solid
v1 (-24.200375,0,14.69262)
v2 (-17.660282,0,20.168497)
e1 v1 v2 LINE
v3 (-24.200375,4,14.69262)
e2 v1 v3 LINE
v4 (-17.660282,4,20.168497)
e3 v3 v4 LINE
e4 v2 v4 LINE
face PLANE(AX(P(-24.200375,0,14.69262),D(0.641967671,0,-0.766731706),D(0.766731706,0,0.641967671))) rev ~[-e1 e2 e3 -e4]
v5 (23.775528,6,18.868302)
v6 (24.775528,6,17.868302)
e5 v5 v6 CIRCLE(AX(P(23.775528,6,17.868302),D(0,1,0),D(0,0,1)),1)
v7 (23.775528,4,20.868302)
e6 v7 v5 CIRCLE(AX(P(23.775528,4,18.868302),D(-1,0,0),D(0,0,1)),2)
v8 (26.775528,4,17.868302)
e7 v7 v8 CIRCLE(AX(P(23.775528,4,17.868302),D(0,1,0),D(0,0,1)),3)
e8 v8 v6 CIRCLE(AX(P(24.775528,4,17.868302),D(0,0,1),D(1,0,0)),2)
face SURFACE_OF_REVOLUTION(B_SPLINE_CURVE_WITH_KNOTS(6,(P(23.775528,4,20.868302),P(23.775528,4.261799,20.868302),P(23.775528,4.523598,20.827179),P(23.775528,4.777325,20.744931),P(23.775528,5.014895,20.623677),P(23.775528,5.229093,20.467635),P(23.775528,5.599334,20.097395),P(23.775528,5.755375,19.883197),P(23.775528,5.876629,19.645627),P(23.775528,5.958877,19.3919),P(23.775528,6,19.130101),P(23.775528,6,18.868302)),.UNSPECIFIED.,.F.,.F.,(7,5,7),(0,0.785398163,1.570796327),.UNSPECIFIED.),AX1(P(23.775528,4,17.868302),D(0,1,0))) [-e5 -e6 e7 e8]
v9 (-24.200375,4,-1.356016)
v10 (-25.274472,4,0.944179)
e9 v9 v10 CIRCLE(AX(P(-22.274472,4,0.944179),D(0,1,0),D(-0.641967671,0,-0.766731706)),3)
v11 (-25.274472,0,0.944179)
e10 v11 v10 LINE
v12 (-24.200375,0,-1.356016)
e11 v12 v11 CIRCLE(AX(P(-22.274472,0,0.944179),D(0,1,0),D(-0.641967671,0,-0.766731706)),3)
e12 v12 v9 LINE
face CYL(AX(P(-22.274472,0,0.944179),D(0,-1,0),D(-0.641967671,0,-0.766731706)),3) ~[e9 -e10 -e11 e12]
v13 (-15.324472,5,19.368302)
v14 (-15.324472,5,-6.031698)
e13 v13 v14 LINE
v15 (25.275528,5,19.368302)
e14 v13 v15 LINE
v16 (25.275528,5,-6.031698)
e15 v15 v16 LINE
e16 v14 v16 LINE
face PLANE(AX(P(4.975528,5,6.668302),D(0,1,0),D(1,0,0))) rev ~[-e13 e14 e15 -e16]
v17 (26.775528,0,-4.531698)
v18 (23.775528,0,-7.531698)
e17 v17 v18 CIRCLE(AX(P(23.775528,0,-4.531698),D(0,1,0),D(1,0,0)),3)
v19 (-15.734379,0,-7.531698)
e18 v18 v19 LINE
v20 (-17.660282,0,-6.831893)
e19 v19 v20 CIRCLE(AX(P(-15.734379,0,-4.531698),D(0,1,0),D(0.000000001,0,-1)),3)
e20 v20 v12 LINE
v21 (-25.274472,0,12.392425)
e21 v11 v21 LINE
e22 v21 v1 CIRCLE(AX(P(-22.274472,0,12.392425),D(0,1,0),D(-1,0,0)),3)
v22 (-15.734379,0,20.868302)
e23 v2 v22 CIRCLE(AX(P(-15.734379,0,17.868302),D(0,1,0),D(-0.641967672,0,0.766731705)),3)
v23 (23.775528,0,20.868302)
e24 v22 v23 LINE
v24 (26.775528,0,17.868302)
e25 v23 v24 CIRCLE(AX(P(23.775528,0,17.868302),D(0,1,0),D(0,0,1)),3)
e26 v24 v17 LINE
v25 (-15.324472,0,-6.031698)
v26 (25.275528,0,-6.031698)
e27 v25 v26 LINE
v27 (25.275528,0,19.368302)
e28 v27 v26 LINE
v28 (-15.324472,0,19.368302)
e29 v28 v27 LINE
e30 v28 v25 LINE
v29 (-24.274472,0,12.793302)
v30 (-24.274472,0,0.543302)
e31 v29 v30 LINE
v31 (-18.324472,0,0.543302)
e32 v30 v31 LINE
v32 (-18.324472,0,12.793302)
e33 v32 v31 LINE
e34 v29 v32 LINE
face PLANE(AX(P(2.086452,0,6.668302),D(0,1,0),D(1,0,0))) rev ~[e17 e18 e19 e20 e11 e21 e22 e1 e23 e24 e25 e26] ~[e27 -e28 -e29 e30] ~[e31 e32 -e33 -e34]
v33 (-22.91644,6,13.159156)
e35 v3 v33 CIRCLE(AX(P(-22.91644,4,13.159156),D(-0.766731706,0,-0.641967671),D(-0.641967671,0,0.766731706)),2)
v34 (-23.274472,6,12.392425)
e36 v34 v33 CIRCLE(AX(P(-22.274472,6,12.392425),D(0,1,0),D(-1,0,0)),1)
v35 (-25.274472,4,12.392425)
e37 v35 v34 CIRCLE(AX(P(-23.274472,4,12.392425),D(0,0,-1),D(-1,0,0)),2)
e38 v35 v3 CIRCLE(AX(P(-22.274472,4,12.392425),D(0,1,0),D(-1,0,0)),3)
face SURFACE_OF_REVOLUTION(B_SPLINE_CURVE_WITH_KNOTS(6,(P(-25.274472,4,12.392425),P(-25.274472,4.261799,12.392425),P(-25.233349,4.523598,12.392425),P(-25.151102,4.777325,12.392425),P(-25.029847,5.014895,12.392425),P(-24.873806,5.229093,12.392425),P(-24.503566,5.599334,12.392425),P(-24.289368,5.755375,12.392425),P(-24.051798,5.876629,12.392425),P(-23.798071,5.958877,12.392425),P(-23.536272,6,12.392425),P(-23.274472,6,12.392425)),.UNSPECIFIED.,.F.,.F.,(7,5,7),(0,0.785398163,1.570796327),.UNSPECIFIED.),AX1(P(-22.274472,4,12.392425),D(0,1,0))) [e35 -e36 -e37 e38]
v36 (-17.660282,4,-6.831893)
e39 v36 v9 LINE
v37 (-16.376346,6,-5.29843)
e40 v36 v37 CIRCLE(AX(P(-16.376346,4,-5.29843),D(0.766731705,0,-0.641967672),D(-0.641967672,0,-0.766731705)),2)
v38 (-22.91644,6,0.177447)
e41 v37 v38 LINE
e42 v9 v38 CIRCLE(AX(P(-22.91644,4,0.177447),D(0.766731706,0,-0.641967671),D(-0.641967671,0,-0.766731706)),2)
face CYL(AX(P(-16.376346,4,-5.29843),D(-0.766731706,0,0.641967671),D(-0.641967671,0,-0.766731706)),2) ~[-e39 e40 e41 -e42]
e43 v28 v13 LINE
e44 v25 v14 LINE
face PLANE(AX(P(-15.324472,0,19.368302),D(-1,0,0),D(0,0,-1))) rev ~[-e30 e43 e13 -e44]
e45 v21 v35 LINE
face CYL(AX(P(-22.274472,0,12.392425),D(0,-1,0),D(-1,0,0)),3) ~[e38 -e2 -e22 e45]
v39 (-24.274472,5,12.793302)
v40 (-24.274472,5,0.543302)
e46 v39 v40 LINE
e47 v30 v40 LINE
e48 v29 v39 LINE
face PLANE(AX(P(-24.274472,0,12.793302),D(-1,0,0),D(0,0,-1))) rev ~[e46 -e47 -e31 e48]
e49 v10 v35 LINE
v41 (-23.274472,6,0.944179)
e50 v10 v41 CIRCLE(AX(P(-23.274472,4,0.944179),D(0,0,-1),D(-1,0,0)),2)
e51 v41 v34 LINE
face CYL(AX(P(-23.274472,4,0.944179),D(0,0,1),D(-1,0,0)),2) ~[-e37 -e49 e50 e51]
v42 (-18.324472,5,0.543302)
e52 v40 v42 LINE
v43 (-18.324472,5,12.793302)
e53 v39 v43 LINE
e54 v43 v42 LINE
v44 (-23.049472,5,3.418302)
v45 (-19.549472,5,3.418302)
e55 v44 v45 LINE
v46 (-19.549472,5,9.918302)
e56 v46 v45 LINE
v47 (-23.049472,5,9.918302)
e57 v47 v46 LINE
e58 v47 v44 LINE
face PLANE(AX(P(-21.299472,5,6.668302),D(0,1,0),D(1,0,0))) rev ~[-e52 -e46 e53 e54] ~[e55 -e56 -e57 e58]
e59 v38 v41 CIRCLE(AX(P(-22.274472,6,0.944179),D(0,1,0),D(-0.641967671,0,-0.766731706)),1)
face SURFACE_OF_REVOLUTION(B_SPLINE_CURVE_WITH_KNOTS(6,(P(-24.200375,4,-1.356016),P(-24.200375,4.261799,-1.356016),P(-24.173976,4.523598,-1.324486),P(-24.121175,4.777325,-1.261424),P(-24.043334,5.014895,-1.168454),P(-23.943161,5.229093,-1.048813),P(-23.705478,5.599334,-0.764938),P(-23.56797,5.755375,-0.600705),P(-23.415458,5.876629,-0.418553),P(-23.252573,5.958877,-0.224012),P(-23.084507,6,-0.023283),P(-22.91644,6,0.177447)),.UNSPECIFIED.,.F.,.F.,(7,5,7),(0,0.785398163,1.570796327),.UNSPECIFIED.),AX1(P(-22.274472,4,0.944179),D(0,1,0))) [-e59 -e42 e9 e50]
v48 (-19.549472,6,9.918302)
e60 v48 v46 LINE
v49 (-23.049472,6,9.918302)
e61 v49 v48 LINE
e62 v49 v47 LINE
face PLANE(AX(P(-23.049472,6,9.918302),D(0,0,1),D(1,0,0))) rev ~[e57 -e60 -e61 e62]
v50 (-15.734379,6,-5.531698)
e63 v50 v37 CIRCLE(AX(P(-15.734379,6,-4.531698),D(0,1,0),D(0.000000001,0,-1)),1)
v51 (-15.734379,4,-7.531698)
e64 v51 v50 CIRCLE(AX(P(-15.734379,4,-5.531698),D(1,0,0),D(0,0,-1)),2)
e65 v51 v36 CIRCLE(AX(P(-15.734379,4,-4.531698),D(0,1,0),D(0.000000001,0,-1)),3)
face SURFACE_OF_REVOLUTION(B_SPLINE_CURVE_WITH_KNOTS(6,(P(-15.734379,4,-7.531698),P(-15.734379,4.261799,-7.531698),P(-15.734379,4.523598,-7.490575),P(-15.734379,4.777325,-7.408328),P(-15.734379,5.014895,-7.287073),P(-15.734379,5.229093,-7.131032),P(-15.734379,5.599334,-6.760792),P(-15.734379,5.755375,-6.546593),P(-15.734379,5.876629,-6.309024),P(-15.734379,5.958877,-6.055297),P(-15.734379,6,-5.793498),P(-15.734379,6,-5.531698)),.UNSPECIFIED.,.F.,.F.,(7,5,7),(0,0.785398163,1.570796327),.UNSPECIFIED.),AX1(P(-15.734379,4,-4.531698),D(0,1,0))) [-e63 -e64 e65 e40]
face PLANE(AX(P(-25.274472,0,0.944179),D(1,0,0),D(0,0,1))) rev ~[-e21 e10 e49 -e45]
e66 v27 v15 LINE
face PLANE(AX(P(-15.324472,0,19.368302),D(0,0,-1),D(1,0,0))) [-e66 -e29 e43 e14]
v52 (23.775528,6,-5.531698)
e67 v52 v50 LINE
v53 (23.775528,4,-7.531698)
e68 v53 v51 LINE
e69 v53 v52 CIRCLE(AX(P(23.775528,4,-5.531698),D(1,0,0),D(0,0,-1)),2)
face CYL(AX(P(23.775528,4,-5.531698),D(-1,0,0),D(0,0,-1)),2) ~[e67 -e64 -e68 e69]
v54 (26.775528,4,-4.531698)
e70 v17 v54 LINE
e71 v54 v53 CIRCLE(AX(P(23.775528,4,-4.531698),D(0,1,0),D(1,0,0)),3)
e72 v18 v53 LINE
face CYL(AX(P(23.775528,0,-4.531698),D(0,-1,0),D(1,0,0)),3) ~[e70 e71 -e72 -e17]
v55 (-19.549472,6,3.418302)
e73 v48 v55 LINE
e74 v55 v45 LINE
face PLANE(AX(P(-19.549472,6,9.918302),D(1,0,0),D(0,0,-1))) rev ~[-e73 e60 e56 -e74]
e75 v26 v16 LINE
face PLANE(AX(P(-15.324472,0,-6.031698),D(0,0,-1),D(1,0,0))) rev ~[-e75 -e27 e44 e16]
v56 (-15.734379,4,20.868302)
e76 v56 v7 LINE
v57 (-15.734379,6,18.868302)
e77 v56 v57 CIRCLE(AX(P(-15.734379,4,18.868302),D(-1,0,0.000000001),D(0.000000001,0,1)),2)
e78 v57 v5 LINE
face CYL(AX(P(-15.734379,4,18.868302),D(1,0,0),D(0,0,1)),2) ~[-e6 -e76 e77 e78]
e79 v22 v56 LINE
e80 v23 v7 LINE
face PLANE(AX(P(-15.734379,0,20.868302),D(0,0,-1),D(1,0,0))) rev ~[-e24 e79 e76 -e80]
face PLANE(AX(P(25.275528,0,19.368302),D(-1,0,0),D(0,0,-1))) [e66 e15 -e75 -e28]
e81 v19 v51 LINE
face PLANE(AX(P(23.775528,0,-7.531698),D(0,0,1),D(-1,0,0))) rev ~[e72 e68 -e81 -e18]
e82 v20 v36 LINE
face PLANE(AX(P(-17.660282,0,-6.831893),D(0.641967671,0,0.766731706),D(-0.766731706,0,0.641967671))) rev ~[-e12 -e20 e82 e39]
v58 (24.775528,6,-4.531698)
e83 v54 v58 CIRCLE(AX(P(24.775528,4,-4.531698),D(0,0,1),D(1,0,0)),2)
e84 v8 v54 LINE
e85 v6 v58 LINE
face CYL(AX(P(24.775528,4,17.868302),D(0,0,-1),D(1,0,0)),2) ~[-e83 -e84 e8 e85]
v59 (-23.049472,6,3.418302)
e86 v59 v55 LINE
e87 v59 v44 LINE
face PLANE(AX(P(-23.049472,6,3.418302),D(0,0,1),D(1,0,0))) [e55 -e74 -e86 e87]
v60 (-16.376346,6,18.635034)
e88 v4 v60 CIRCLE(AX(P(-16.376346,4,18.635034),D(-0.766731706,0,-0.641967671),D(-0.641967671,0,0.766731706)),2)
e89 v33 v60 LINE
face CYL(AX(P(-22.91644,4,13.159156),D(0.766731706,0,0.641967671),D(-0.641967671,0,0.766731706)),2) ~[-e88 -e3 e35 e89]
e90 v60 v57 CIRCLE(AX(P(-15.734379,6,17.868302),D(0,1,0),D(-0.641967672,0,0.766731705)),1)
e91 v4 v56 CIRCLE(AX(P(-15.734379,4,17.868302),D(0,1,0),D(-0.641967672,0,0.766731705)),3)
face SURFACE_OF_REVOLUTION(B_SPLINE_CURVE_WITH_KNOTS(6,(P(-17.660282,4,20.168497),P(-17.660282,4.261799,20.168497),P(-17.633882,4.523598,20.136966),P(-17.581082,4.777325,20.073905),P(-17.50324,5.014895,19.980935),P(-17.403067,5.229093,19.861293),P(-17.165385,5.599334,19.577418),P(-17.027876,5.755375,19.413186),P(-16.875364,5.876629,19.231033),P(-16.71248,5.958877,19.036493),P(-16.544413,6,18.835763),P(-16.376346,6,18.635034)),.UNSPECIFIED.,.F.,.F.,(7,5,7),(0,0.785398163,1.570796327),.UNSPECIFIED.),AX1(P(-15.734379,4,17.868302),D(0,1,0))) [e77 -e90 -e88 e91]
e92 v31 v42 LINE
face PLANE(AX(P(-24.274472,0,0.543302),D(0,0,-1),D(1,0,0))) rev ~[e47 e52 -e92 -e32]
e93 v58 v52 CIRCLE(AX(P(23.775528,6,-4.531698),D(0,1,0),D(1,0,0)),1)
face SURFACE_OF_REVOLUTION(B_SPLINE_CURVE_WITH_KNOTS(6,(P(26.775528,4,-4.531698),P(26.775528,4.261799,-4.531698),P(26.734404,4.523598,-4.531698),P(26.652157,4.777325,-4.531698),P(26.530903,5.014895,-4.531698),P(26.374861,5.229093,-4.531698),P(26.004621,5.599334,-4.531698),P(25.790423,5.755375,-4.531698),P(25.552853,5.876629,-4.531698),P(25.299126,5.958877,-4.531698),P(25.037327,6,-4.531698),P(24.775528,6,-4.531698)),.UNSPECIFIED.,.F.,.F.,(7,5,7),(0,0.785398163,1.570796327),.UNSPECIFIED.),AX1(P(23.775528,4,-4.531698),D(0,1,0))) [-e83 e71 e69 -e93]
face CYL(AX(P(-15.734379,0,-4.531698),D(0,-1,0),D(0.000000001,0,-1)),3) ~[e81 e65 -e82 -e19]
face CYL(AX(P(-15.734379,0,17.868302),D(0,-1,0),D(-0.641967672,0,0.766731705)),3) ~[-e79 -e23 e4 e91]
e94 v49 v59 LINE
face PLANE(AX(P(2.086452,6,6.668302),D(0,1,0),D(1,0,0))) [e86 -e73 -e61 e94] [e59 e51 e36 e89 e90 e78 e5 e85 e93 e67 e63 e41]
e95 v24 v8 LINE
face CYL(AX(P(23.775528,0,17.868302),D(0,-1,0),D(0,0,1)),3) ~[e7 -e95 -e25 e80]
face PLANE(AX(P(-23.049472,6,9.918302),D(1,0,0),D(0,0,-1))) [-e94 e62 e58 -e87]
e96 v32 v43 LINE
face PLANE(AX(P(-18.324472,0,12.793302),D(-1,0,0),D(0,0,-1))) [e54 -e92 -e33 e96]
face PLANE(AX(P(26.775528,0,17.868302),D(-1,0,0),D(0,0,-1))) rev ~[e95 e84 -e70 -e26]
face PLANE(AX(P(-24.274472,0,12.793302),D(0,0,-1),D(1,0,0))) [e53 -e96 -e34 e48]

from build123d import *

# Parameters (mm, degrees)
BOSS_EXTRUDE1_DEPTH = 6
SKETCH2_W           = 40.6
SKETCH2_H           = 25.4
SKETCH2_W_2         = 5.95
SKETCH2_H_2         = 12.25
CUT_EXTRUDE1_DEPTH  = 5
SKETCH4_W           = 3.5
SKETCH4_H           = 6.5
CUT_EXTRUDE2_DEPTH  = 35.473394043
FILLET1_R           = 2


with BuildPart() as part:
    # Sketch1 → Boss-Extrude1 (new body)
    with BuildSketch(Plane(origin=(0, 0, 0), x_dir=(1, 0, 0), z_dir=(0, 1, 0))):
        with BuildLine():
            Line((26.775527572, -17.868301802), (26.775527572, 4.531698198))
            ThreePointArc((26.775527572, 4.531698198), (25.896847915, 6.653018542), (23.775527572, 7.531698198))
            Line((23.775527572, 7.531698198), (-15.734378779, 7.531698198))
            ThreePointArc((-15.734378779, 7.531698198), (-16.758931033, 7.351324535), (-17.660281792, 6.831893316))
            Line((-17.660281792, 6.831893316), (-24.200375442, 1.356016089))
            ThreePointArc((-24.200375442, 1.356016089), (-24.992717178, 0.325130027), (-25.274472428, -0.944179029))
            Line((-25.274472428, -0.944179029), (-25.274472428, -12.392424575))
            ThreePointArc((-25.274472428, -12.392424575), (-24.992717178, -13.661733631), (-24.200375442, -14.692619693))
            Line((-24.200375442, -14.692619693), (-17.660281792, -20.16849692))
            ThreePointArc((-17.660281792, -20.16849692), (-16.758931033, -20.687928139), (-15.734378779, -20.868301802))
            Line((-15.734378779, -20.868301802), (23.775527572, -20.868301802))
            ThreePointArc((23.775527572, -20.868301802), (25.896847915, -19.989622146), (26.775527572, -17.868301802))
        make_face()
    extrude(amount=BOSS_EXTRUDE1_DEPTH)

    # Sketch2 → Cut-Extrude1 (cut)
    with BuildSketch(Plane(origin=(0, 0, 0), x_dir=(1, 0, 0), z_dir=(0, 1, 0))):
        with Locations((4.975527572, -6.668301802)):
            Rectangle(SKETCH2_W, SKETCH2_H)
        with Locations((-21.299472428, -6.668301802)):
            Rectangle(SKETCH2_W_2, SKETCH2_H_2)
    extrude(amount=CUT_EXTRUDE1_DEPTH, mode=Mode.SUBTRACT)

    # Sketch4 → Cut-Extrude2 (cut, through all)
    with BuildSketch(Plane(origin=(0, 6, 0), x_dir=(1, 0, 0), z_dir=(0, 1, 0))):
        with Locations((-21.299472428, -6.668301802)):
            Rectangle(SKETCH4_W, SKETCH4_H)
    extrude(amount=-CUT_EXTRUDE2_DEPTH, mode=Mode.SUBTRACT)

    # Fillet1
    fillet1_edges = [part.edges().sort_by_distance(p)[0] for p in [
        (25.896847915, 6, -6.653018542),
        (4.020574397, 6, -7.531698198),
        (-16.758931033, 6, -7.351324535),
        (-20.930328617, 6, -4.093954703),
        (-24.992717178, 6, -0.325130027),
        (-25.274472428, 6, 6.668301802),
        (-24.992717178, 6, 13.661733631),
        (-20.930328617, 6, 17.430558307),
        (-16.758931033, 6, 20.687928139),
        (4.020574397, 6, 20.868301802),
        (25.896847915, 6, 19.989622146),
        (26.775527572, 6, 6.668301802),
    ]]
    fillet(fillet1_edges, radius=FILLET1_R)


solid = part.part
